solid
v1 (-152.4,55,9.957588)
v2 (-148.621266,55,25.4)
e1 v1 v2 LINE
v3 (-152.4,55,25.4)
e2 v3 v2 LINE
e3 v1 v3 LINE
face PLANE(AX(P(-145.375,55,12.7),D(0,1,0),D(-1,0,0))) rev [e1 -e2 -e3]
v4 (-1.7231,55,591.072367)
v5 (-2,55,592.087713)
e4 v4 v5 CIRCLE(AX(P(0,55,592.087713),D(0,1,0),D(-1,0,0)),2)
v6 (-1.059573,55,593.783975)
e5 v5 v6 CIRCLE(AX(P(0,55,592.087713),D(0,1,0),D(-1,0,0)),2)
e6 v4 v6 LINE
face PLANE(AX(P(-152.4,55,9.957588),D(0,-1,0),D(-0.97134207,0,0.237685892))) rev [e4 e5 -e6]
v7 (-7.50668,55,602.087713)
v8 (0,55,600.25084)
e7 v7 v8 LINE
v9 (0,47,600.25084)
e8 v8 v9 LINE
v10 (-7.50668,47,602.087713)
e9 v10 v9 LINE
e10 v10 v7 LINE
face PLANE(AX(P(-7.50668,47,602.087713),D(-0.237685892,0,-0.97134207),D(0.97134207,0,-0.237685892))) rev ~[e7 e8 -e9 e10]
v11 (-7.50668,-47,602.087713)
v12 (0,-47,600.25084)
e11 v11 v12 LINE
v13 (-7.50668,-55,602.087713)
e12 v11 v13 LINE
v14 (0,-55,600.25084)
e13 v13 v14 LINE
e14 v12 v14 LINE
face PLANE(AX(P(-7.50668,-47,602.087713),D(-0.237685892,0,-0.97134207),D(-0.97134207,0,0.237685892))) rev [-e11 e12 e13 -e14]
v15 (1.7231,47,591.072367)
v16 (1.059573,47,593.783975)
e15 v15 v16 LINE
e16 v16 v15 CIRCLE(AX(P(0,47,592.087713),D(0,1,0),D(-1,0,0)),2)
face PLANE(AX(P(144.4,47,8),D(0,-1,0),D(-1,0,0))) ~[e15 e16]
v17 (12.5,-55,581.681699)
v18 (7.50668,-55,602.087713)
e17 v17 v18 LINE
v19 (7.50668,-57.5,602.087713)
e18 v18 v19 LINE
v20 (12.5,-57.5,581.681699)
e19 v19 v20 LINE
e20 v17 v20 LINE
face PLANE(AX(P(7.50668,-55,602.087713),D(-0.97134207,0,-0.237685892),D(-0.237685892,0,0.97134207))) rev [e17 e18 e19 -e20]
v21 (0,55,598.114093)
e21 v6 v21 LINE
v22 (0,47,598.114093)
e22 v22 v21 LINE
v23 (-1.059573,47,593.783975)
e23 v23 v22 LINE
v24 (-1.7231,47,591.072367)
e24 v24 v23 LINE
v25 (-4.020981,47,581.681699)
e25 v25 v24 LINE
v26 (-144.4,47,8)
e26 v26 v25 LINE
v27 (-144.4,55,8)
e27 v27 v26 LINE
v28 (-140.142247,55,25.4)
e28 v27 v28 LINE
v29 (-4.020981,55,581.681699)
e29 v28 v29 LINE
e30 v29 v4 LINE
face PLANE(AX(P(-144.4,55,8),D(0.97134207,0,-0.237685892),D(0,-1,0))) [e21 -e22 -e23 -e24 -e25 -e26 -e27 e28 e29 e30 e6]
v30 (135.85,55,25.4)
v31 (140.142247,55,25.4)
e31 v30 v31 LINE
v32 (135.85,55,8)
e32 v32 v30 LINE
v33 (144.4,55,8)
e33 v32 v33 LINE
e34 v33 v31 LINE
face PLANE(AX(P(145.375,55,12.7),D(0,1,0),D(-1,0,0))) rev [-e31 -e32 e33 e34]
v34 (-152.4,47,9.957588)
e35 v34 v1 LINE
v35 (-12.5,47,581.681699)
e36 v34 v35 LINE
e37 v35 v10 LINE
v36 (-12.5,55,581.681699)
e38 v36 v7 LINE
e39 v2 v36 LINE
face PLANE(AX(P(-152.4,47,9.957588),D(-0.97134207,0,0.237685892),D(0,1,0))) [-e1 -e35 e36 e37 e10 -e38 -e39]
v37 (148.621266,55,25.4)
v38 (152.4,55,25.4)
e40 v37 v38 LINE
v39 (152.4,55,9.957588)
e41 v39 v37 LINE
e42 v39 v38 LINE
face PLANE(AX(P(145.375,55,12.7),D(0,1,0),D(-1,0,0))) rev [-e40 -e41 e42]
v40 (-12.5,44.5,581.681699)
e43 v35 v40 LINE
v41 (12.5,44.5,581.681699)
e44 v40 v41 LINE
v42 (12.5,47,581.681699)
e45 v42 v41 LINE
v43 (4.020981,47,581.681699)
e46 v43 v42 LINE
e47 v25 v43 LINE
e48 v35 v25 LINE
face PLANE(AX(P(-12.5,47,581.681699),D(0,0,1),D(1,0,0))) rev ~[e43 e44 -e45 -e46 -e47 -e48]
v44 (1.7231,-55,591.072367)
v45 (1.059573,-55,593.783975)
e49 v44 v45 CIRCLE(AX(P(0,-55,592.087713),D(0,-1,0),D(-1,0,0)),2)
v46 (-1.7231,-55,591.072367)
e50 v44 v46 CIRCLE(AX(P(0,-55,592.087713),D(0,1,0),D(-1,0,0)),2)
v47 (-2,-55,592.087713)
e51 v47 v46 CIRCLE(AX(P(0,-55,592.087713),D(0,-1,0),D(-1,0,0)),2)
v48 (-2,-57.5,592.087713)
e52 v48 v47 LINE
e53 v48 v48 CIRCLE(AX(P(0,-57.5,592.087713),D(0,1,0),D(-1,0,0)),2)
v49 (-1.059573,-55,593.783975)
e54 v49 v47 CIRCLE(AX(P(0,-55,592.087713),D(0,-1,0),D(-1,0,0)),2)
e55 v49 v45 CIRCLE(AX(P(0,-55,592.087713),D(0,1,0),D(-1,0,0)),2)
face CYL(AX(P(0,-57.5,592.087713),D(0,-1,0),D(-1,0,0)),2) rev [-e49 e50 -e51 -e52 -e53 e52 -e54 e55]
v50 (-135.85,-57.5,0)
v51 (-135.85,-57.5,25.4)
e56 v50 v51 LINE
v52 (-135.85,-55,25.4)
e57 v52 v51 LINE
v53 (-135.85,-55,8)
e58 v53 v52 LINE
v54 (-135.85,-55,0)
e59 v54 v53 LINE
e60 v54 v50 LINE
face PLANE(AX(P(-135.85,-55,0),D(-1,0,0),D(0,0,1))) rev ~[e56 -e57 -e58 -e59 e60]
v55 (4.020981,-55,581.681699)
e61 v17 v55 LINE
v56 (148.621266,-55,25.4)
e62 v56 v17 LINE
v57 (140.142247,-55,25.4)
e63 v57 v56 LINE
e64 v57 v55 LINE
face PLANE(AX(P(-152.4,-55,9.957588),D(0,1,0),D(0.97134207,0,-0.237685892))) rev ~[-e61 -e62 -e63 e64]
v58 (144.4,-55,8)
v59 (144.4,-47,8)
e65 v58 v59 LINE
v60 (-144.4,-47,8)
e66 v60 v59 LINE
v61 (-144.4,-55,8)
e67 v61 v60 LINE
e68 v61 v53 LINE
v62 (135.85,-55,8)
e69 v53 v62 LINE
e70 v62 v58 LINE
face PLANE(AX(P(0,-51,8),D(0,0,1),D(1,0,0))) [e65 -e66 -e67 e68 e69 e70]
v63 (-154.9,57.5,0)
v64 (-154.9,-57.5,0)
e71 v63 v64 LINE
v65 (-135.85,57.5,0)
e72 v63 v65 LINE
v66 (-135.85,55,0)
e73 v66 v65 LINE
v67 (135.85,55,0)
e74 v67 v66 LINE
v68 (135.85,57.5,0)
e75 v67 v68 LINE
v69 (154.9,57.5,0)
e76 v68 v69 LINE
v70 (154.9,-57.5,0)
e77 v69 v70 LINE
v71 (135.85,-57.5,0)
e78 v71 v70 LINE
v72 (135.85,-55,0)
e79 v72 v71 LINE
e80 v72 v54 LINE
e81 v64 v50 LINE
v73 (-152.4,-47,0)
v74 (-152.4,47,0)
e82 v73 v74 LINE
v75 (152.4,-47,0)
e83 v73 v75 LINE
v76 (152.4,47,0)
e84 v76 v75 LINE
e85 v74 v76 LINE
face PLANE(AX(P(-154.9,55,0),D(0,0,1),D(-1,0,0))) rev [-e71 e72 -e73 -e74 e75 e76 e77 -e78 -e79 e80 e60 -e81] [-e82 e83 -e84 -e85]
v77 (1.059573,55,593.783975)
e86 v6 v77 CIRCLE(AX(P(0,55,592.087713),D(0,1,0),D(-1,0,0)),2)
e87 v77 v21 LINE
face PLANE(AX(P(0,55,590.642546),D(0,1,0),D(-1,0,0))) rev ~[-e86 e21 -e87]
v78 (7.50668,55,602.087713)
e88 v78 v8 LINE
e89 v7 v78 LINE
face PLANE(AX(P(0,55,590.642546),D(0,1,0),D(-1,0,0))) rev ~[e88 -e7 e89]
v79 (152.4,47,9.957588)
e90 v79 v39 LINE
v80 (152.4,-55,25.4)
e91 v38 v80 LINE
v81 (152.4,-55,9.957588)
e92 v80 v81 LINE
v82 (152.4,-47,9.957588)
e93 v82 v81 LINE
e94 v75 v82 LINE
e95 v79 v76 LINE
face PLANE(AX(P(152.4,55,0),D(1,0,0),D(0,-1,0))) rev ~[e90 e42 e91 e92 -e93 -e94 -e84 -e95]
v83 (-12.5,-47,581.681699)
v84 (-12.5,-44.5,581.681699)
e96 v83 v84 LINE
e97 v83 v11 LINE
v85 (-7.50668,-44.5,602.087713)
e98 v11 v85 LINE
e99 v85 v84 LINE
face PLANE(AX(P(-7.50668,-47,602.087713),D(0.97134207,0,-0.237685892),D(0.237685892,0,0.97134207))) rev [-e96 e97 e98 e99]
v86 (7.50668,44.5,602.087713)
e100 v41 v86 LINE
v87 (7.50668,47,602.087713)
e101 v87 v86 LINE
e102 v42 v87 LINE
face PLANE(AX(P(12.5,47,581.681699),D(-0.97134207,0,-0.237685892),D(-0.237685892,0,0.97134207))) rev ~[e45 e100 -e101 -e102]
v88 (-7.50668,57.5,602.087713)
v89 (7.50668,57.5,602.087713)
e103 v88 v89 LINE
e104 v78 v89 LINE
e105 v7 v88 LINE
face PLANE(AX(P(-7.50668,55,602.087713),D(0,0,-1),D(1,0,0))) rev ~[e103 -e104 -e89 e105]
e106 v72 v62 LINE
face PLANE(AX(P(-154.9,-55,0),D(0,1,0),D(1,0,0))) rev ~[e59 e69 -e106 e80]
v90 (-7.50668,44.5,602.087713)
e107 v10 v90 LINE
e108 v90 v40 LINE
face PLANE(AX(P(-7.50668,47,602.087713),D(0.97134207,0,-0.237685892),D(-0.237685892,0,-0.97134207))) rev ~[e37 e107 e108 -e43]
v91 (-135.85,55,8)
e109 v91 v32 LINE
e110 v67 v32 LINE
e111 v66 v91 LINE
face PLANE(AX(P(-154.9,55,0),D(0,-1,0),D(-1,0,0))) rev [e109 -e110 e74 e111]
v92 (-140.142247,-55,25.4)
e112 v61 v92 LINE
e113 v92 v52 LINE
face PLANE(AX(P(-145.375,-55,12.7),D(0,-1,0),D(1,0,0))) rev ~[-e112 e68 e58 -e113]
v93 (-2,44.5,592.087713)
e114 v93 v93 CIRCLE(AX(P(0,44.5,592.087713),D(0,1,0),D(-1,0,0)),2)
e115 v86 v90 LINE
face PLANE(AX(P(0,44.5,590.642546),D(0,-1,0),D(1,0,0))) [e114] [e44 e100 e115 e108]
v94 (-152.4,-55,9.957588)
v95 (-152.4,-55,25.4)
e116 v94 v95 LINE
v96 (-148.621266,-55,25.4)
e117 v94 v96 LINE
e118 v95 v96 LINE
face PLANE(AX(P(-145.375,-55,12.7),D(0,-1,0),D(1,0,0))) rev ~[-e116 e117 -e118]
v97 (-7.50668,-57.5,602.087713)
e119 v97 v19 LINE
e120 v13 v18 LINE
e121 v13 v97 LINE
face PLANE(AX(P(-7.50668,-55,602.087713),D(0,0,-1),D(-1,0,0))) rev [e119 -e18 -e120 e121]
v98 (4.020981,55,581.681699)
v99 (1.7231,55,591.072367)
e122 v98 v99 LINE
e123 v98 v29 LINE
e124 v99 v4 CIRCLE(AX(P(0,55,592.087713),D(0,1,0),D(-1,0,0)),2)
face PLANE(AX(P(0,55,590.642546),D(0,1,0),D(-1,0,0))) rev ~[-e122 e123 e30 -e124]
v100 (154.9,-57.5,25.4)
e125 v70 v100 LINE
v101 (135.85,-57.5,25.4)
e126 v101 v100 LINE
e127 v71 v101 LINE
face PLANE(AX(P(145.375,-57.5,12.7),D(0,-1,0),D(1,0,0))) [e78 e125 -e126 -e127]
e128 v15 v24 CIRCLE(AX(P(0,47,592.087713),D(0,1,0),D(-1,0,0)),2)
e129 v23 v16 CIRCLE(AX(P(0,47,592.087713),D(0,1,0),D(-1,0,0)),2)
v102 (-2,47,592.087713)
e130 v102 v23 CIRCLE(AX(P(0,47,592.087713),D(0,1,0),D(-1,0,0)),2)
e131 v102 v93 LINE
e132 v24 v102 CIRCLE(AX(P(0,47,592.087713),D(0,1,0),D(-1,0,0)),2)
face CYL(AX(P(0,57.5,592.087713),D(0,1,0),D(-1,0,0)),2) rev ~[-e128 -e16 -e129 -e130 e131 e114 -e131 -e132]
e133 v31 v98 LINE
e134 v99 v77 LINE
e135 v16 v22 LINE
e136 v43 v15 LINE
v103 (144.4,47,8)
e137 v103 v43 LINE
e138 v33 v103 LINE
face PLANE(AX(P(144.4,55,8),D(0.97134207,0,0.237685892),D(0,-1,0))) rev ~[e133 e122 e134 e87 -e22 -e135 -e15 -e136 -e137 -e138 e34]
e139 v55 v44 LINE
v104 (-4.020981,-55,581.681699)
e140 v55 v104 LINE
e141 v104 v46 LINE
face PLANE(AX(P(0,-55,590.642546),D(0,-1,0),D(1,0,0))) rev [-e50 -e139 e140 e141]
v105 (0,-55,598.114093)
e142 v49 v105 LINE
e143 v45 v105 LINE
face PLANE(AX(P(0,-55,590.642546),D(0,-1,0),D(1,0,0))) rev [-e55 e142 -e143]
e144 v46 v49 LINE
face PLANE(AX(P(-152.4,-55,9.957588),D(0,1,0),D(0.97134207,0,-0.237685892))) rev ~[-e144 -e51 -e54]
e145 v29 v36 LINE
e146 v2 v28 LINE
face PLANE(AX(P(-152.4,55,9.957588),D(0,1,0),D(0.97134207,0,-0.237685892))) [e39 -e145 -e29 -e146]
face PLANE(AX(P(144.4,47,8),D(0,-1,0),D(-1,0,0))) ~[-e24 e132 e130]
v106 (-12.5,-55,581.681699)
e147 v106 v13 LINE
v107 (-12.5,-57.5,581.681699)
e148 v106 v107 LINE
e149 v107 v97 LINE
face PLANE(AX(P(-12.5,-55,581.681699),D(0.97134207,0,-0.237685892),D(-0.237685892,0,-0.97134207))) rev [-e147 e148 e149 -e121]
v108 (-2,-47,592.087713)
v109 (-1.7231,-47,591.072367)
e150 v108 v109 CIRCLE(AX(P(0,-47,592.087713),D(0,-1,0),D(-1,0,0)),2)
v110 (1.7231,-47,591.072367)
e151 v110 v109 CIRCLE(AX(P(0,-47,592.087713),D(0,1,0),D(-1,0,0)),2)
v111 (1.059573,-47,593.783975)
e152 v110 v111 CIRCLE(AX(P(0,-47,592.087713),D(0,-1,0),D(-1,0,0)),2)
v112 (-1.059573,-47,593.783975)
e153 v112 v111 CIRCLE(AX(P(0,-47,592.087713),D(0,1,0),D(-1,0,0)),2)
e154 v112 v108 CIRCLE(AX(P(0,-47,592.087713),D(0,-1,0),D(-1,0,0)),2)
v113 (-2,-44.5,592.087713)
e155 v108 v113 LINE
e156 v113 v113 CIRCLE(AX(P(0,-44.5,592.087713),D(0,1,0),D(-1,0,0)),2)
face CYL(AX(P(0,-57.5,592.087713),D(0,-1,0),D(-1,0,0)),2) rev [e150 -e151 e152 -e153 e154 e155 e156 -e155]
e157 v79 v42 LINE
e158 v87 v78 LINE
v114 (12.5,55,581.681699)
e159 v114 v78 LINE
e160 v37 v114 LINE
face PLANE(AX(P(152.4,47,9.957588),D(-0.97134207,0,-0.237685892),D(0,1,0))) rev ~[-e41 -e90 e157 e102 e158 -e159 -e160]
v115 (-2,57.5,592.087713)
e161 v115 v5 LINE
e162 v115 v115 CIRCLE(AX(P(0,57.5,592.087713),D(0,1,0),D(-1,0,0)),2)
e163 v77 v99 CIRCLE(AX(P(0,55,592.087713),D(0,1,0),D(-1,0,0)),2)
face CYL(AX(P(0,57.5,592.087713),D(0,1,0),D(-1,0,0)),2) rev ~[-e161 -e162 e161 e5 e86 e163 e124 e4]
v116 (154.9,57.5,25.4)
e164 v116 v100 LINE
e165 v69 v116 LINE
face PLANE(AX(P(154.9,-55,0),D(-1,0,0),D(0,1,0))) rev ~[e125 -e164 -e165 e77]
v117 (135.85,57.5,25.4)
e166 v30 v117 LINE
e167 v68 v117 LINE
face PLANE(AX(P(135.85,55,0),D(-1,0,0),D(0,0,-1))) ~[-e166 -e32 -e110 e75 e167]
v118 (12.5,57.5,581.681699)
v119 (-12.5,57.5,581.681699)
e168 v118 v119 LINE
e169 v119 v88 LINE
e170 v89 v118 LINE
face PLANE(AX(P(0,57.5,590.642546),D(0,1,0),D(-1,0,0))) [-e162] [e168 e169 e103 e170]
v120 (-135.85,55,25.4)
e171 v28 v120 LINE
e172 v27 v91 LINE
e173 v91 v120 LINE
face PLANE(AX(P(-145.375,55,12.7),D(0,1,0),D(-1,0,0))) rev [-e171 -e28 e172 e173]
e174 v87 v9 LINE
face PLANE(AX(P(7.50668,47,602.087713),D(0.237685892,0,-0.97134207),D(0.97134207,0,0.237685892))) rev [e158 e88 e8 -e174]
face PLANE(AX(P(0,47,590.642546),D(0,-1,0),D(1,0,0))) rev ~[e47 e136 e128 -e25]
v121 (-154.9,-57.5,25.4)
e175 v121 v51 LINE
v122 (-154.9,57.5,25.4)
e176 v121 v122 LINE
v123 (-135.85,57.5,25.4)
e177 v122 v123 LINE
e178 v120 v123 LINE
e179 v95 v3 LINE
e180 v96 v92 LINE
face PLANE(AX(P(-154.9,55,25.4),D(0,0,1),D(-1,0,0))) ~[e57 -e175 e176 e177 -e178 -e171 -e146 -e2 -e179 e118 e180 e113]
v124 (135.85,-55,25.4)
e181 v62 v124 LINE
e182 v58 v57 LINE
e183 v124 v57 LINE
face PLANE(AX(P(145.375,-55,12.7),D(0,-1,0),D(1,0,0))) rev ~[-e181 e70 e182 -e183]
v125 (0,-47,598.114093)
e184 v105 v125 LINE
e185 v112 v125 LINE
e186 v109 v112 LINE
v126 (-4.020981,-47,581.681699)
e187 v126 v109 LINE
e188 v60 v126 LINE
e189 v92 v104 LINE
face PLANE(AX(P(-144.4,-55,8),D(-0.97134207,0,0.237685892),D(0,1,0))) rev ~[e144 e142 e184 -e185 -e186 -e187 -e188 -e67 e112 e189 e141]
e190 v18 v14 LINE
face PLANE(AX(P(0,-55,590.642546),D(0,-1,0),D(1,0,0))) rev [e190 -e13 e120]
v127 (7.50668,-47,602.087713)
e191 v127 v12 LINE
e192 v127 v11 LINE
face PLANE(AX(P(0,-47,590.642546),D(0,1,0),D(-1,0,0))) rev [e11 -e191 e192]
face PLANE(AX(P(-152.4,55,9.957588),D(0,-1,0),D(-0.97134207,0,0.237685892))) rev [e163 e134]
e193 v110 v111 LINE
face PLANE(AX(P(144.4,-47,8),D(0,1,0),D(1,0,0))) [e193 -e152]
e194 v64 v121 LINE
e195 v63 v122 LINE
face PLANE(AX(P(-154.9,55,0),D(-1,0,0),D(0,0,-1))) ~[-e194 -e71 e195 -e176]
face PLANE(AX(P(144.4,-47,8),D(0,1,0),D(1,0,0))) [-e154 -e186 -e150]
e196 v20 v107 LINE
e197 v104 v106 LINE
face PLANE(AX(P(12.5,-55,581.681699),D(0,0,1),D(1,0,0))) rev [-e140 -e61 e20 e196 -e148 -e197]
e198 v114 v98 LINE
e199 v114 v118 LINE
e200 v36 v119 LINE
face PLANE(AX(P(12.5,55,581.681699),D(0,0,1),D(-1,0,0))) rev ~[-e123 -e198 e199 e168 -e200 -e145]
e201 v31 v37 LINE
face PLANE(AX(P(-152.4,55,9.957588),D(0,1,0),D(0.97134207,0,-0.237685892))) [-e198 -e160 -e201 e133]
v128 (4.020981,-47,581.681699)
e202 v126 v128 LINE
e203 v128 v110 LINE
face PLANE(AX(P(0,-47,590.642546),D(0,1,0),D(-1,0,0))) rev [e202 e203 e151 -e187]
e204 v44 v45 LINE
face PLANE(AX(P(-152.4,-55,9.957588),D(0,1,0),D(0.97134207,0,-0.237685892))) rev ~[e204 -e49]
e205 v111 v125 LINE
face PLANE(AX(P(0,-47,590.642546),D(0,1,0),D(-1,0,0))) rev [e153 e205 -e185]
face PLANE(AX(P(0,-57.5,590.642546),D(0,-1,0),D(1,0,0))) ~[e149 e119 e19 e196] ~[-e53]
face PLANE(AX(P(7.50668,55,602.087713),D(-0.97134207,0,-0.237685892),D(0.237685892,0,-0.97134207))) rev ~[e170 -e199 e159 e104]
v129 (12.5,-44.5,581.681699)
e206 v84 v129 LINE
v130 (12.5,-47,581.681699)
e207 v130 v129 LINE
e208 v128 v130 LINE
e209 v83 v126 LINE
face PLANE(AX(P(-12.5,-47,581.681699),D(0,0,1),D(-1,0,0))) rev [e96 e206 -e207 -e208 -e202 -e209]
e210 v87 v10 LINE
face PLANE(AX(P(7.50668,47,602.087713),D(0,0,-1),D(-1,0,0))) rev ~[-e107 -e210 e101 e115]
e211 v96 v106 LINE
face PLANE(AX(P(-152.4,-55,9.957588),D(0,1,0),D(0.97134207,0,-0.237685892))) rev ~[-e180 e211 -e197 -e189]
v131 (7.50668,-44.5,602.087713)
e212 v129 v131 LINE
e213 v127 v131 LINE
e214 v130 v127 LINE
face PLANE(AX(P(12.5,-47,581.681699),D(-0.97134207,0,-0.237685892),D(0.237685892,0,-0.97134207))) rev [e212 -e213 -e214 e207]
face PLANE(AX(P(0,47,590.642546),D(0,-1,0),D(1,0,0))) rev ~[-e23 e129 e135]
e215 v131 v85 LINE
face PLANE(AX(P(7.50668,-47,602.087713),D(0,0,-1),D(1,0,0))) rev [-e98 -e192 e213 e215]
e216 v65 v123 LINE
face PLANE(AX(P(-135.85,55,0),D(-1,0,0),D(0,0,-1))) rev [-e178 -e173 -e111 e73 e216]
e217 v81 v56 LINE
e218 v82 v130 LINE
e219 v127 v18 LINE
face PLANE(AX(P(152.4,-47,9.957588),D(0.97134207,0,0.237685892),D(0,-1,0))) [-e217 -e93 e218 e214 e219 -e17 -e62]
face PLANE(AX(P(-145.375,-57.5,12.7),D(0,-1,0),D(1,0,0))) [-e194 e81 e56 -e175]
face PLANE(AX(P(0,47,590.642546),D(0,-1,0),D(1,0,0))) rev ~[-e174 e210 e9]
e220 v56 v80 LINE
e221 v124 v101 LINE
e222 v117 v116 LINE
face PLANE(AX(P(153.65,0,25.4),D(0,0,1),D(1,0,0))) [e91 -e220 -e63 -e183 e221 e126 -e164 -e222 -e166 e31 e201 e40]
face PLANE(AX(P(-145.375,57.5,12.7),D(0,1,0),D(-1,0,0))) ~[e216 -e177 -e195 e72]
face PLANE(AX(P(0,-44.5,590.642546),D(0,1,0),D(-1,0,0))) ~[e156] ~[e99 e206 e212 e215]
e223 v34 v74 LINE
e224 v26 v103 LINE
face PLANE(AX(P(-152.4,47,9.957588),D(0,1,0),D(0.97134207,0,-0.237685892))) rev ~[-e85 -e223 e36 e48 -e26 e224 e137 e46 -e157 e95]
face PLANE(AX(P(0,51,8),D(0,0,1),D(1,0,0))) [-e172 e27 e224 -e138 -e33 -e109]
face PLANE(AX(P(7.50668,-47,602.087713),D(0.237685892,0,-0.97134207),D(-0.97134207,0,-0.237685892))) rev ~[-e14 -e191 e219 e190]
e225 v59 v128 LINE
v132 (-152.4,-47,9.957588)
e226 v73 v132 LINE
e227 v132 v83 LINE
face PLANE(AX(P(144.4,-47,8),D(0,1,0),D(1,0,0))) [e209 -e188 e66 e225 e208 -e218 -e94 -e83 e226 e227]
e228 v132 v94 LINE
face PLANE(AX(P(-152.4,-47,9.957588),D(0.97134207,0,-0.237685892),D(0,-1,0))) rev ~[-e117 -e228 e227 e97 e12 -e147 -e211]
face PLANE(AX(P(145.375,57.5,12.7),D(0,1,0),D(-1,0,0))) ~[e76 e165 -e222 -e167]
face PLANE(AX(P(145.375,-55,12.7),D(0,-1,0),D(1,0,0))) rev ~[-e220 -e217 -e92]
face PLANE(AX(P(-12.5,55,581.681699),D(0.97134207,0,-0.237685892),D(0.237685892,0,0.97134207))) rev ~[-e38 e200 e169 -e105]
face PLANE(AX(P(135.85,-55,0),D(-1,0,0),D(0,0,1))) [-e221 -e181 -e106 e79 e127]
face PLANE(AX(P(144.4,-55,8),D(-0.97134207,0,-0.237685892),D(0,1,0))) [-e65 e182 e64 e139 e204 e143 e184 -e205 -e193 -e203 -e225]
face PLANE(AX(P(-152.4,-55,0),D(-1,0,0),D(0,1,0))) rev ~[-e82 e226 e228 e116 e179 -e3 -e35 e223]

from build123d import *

# Parameters (mm, degrees)
F0_W      = 304.8
F0_H      = 8
F1_DEPTH  = 8
F2_DEPTH  = 25.4
F3_W      = 19.05
F3_H      = 25.4
F4_DEPTH  = 2.5
F6_W      = 8
F6_H      = 8
F7_DEPTH  = 25
F9_DEPTH  = 8
F12_DEPTH = 609.6
F13_DEPTH = 609.6
F15_DEPTH = 2.5
F17_DEPTH = 2.5
F18_R     = 2
F19_DEPTH = 13


with BuildPart() as f1:
    # F0 (on Top) → F1 (new body)
    with BuildSketch(Plane.XY):
        with Locations((0, 51)):
            Rectangle(F0_W, F0_H)
    extrude(amount=F1_DEPTH)



with BuildPart() as f1b:
    # F0 (on Top) → F1, piece 2 (new body)
    with BuildSketch(Plane.XY):
        with Locations((0, -51)):
            Rectangle(F0_W, F0_H)
    extrude(amount=F1_DEPTH)


with BuildPart() as f1_1:
    add(f1.part)

    add(f1b.part)  # F2 merges F1b
    # F0 (on Top) → F2 (join)
    with BuildSketch(Plane.XY):
        Polygon((-152.4, 47), (-152.4, 55), (-154.9, 55), (-154.9, -55), (-152.4, -55), (-152.4, -47), align=None)
        Polygon((154.9, 55), (152.4, 55), (152.4, 47), (152.4, -47), (152.4, -55), (154.9, -55), align=None)
    extrude(amount=F2_DEPTH)

    # F3 (on face) → F4 (join)
    with BuildSketch(Plane.XZ.offset(55)):
        with Locations((-145.375, 12.7)):
            Rectangle(F3_W, F3_H)
        with Locations((145.375, 12.7)):
            Rectangle(F3_W, F3_H)
    extrude(amount=F4_DEPTH)

    # F5: F1 across plane


with BuildPart() as f1_2:
    add(f1_1.part)
    add(f1_1.part.mirror(Plane.XZ))

    # F6 (on face) → F7 (join)
    with BuildSketch(Plane.XY.offset(8)):
        with Locations((148.4, -51)):
            Rectangle(F6_W, F6_H)
    extrude(amount=F7_DEPTH)

    # F8 (on face) → F9 (cut)
    with BuildSketch(Plane(origin=(0, -47, 0), x_dir=(-1, 0, 0), z_dir=(0, 1, 0))):
        Polygon((-152.4, 9.9575875458), (-144.4, 8), (-144.4, 33), (-152.4, 33), (-152.4, 25.4), align=None)
    extrude(amount=-F9_DEPTH, mode=Mode.SUBTRACT)

    # F10: F1 across plane


with BuildPart() as f1_3:
    add(f1_2.part)
    add(f1_2.part.mirror(Plane.XZ))

    # F11: F1 across plane


with BuildPart() as f1_4:
    add(f1_3.part)
    add(f1_3.part.mirror(Plane.YZ))

    # F12 (add): faces of the model
    f12_faces = [f1_4.faces().sort_by_distance(p)[0] for p in [
        (148.4, 51, 8.9787937729),
        (148.4, -51, 8.9787937729),
    ]]
    extrude(f12_faces, amount=F12_DEPTH)

    # F13 (add): faces of the model
    f13_faces = [f1_4.faces().sort_by_distance(p)[0] for p in [
        (-148.4, 51, 8.9787937729),
        (-148.4, -51, 8.9787937729),
    ]]
    extrude(f13_faces, amount=F13_DEPTH)

    # F14 (on face) → F15 (join)
    with BuildSketch(Plane(origin=(0, 55, 0), x_dir=(-1, 0, 0), z_dir=(0, 1, 0))):
        Polygon((7.506680038, 602.087713304), (-7.506680038, 602.087713304), (-12.5, 581.6816988801), (12.5, 581.6816988801), align=None)
    extrude(amount=F15_DEPTH)

    # F16 (on face) → F17 (join)
    with BuildSketch(Plane.XZ.offset(-47)):
        Polygon((7.506680038, 602.087713304), (-7.506680038, 602.087713304), (-12.5, 581.6816988801), (12.5, 581.6816988801), align=None)
    extrude(amount=F17_DEPTH)

    # F18 (on face) → F19 (cut, through all)
    with BuildSketch(Plane(origin=(0, 57.5, 0), x_dir=(-1, 0, 0), z_dir=(0, 1, 0))):
        with Locations((0, 592.087713304)):
            Circle(F18_R)
    extrude(amount=-F19_DEPTH, mode=Mode.SUBTRACT)

    # F20: F1 across plane


with BuildPart() as f1_5:
    add(f1_4.part)
    add(f1_4.part.mirror(Plane.XZ))


solid = f1_5.part
